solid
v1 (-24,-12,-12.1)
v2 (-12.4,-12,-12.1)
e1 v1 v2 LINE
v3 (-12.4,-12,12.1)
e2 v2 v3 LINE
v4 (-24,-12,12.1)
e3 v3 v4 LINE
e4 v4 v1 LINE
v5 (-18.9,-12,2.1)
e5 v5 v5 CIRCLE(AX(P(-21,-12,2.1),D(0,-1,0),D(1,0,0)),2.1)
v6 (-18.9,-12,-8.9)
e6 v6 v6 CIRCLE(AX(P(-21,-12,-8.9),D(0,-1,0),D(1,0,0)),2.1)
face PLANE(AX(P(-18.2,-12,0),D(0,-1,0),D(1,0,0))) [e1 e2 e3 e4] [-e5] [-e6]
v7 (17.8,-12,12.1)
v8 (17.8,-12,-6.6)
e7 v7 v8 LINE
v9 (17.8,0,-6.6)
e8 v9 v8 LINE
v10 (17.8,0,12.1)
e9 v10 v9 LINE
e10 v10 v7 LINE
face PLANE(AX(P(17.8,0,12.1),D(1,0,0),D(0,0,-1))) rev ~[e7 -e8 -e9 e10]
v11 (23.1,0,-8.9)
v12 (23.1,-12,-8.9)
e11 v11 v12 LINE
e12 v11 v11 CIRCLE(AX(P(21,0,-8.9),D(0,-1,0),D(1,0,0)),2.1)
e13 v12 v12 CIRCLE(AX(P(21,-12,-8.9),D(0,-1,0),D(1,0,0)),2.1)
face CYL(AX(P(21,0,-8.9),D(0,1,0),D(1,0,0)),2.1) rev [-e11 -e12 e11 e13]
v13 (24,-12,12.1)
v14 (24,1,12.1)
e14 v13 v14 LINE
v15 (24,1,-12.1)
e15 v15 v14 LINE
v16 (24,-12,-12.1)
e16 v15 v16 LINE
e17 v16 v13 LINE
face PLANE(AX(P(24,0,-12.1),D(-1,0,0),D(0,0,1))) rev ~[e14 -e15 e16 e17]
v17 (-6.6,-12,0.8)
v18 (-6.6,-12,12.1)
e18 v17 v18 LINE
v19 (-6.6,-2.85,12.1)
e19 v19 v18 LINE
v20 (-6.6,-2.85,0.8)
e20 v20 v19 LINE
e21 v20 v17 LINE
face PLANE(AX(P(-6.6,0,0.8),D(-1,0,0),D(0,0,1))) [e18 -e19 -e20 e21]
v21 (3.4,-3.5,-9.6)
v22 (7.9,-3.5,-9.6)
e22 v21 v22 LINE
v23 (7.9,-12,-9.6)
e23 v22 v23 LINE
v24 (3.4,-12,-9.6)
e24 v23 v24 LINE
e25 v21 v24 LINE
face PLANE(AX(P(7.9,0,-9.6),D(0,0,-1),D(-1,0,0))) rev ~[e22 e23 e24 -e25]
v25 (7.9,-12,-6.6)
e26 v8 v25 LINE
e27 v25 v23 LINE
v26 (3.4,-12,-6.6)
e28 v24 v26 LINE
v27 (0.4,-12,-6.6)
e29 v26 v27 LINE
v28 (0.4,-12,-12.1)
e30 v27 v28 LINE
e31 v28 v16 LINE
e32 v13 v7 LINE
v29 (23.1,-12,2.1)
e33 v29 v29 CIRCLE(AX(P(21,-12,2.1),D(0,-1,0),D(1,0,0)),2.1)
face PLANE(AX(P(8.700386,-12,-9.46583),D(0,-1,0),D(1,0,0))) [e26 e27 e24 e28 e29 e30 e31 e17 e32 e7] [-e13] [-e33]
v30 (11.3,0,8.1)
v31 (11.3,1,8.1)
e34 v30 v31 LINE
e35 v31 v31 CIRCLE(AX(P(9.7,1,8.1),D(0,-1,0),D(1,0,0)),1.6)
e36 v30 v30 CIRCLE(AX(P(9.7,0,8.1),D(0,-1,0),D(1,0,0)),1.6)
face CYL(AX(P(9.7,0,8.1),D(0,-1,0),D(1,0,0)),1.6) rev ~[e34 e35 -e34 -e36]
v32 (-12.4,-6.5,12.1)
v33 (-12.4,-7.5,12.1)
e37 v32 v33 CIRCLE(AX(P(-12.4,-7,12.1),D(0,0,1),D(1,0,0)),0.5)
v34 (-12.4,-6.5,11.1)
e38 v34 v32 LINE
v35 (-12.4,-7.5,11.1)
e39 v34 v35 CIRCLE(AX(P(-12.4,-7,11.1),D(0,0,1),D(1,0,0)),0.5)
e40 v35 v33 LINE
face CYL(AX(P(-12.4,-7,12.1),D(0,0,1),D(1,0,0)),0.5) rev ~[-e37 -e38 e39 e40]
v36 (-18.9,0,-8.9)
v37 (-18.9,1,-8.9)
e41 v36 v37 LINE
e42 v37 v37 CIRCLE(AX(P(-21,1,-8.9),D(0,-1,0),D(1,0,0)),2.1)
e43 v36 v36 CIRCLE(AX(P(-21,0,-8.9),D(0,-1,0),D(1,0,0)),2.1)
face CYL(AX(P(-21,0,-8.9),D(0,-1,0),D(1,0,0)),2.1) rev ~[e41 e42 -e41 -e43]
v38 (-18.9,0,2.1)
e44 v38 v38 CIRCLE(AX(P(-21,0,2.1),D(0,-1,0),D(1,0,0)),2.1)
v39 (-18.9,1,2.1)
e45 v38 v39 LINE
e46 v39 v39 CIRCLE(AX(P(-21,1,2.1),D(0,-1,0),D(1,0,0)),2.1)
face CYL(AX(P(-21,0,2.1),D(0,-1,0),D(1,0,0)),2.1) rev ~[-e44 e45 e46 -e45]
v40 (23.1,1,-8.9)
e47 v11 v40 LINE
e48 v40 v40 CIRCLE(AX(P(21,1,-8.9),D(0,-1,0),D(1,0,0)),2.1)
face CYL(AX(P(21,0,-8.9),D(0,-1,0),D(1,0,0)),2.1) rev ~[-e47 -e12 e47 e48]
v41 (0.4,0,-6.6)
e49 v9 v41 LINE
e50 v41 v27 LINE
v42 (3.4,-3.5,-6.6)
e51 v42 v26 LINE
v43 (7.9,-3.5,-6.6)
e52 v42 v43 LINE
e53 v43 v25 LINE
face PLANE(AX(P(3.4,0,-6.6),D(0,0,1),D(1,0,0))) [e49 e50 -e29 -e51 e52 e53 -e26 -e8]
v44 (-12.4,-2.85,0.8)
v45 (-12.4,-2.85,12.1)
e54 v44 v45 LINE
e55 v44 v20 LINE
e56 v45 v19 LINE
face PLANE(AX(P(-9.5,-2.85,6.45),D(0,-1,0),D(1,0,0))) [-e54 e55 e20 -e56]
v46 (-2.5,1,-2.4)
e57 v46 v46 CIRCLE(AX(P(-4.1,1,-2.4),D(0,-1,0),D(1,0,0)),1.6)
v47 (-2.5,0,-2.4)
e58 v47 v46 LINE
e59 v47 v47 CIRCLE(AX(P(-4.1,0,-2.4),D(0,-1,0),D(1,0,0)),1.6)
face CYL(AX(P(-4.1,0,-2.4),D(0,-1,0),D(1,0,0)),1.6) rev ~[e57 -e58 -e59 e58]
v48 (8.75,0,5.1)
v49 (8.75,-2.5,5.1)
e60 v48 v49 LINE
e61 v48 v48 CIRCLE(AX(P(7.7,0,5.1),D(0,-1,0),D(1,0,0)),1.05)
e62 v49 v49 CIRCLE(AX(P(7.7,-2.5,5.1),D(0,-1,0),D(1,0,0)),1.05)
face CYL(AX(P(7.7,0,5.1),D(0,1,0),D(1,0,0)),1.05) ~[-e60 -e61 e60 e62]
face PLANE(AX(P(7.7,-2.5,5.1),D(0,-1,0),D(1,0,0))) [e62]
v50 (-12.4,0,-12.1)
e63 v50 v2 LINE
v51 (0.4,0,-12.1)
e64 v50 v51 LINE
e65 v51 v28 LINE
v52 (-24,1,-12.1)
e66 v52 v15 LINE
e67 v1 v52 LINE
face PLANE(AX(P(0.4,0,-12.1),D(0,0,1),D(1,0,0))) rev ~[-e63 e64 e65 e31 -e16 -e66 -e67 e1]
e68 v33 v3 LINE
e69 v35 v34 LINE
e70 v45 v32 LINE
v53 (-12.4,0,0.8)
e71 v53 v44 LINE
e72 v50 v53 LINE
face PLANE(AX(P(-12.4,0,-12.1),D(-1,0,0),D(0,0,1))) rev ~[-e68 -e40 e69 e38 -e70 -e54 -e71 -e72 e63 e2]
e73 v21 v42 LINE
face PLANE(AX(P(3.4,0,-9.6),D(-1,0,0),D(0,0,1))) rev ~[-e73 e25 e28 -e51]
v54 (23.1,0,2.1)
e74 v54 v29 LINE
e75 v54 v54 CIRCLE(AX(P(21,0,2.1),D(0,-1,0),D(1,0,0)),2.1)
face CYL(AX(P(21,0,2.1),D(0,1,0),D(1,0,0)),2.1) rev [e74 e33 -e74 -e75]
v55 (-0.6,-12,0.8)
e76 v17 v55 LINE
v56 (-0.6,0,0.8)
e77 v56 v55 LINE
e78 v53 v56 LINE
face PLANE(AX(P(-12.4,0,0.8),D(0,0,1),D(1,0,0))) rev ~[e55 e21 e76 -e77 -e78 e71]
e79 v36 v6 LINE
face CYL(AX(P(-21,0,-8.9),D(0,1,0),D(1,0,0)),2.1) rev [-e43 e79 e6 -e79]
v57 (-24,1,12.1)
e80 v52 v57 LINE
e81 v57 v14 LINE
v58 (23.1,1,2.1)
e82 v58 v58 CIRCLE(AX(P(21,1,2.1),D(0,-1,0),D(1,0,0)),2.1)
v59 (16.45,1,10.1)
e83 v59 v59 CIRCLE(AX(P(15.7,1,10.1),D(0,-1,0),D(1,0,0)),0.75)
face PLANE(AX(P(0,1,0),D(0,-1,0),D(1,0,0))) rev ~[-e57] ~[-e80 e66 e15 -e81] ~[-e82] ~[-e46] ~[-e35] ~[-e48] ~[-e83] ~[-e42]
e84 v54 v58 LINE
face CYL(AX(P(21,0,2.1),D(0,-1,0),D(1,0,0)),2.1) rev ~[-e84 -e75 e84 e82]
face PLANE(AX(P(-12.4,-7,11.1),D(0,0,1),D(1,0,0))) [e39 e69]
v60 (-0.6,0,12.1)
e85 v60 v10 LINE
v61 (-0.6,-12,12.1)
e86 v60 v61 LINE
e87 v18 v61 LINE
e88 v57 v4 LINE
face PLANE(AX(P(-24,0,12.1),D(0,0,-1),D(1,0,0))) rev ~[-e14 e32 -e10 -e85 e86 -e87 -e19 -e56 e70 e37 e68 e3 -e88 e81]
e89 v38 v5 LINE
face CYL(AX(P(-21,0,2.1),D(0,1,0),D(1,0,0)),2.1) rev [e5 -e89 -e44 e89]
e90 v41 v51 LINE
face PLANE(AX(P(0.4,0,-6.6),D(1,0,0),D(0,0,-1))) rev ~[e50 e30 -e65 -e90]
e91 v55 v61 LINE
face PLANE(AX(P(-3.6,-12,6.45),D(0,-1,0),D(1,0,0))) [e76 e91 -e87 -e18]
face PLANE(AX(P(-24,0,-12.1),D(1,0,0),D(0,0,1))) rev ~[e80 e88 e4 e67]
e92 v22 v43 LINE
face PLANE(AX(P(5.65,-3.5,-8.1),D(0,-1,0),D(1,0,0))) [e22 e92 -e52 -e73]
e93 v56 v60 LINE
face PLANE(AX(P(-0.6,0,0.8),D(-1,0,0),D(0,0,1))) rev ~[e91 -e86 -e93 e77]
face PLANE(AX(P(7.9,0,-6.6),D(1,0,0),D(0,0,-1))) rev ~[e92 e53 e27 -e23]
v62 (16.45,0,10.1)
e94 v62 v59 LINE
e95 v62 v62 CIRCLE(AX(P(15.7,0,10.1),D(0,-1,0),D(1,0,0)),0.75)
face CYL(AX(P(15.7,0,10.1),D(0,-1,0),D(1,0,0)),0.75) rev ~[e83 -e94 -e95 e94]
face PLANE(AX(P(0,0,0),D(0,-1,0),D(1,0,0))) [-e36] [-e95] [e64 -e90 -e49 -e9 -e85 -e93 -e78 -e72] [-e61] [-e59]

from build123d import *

# Parameters (mm, degrees)
F0_W          = 48
F0_H          = 24.2
F0_R          = 1.6
F1_DEPTH      = 1
F2_R          = 2.1
F2_W          = 6
F2_H          = 11.3
F3_DEPTH      = 12
F2_W_2        = 4.5
F2_H_2        = 3
F4_DEPTH      = 3.5
F2_R_2        = 1.05
F5_DEPTH      = 2.5
F2_R_3        = 0.75
F6_DEPTH      = 1.001
F7_DEPTH      = 12.001
F7_DEPTH_BACK = 1.001
F2_W_3        = 5.8
F8_DEPTH      = 2.85
F9_R          = 0.5
F10_DEPTH     = 1


with BuildPart() as f1:
    # F0 (on Front) → F1 (new body)
    with BuildSketch(Plane.XZ):
        Rectangle(F0_W, F0_H)
        with Locations((-4.1, -2.4)):
            Circle(F0_R, mode=Mode.SUBTRACT)
        with Locations((9.7, 8.1)):
            Circle(F0_R, mode=Mode.SUBTRACT)
    extrude(amount=-F1_DEPTH)

    # F2 (on face) → F3 (join)
    with BuildSketch(Plane.XZ):
        Polygon((3.4, -6.6), (0.4, -6.6), (0.4, -12.1), (17.8, -12.1), (17.8, -6.6), (7.9, -6.6), (7.9, -9.6), (3.4, -9.6), align=None)
        Polygon((-24, -12.1), (-12.4, -12.1), (-12.4, 0.8), (-12.4, 12.1), (-24, 12.1), align=None)
        with Locations((-21, -8.9)):
            Circle(F2_R, mode=Mode.SUBTRACT)
        with Locations((-21, 2.1)):
            Circle(F2_R, mode=Mode.SUBTRACT)
        Polygon((17.8, -6.6), (17.8, -12.1), (24, -12.1), (24, 12.1), (17.8, 12.1), align=None)
        with Locations((21, -8.9)):
            Circle(F2_R, mode=Mode.SUBTRACT)
        with Locations((21, 2.1)):
            Circle(F2_R, mode=Mode.SUBTRACT)
        with Locations((-3.6, 6.45)):
            Rectangle(F2_W, F2_H)
    extrude(amount=F3_DEPTH)

    # F2 (on face) → F4 (join)
    with BuildSketch(Plane.XZ):
        with Locations((5.65, -8.1)):
            Rectangle(F2_W_2, F2_H_2)
    extrude(amount=F4_DEPTH)

    # F2 (on face) → F5 (join)
    with BuildSketch(Plane.XZ):
        with Locations((7.7, 5.1)):
            Circle(F2_R_2)
    extrude(amount=F5_DEPTH)

    # F2 (on face) → F6 (cut, through all)
    with BuildSketch(Plane.XZ):
        with Locations((15.7, 10.1)):
            Circle(F2_R_3)
    extrude(amount=-F6_DEPTH, mode=Mode.SUBTRACT)

    # F2 (on face) → F7 (cut, two sides)
    with BuildSketch(Plane.XZ) as f7_sk:
        with Locations((-21, 2.1)):
            Circle(F2_R)
        with Locations((21, 2.1)):
            Circle(F2_R)
        with Locations((-21, -8.9)):
            Circle(F2_R)
        with Locations((21, -8.9)):
            Circle(F2_R)
    extrude(amount=F7_DEPTH, mode=Mode.SUBTRACT)
    extrude(f7_sk.sketch, amount=-F7_DEPTH_BACK, mode=Mode.SUBTRACT)

    # F2 (on face) → F8 (join)
    with BuildSketch(Plane.XZ):
        with Locations((-9.5, 6.45)):
            Rectangle(F2_W_3, F2_H)
    extrude(amount=F8_DEPTH)

    # F9 (on face) → F10 (cut)
    with BuildSketch(Plane.XY.offset(12.1)):
        with Locations((-12.4, -7)):
            Circle(F9_R)
    extrude(amount=-F10_DEPTH, mode=Mode.SUBTRACT)


solid = f1.part
